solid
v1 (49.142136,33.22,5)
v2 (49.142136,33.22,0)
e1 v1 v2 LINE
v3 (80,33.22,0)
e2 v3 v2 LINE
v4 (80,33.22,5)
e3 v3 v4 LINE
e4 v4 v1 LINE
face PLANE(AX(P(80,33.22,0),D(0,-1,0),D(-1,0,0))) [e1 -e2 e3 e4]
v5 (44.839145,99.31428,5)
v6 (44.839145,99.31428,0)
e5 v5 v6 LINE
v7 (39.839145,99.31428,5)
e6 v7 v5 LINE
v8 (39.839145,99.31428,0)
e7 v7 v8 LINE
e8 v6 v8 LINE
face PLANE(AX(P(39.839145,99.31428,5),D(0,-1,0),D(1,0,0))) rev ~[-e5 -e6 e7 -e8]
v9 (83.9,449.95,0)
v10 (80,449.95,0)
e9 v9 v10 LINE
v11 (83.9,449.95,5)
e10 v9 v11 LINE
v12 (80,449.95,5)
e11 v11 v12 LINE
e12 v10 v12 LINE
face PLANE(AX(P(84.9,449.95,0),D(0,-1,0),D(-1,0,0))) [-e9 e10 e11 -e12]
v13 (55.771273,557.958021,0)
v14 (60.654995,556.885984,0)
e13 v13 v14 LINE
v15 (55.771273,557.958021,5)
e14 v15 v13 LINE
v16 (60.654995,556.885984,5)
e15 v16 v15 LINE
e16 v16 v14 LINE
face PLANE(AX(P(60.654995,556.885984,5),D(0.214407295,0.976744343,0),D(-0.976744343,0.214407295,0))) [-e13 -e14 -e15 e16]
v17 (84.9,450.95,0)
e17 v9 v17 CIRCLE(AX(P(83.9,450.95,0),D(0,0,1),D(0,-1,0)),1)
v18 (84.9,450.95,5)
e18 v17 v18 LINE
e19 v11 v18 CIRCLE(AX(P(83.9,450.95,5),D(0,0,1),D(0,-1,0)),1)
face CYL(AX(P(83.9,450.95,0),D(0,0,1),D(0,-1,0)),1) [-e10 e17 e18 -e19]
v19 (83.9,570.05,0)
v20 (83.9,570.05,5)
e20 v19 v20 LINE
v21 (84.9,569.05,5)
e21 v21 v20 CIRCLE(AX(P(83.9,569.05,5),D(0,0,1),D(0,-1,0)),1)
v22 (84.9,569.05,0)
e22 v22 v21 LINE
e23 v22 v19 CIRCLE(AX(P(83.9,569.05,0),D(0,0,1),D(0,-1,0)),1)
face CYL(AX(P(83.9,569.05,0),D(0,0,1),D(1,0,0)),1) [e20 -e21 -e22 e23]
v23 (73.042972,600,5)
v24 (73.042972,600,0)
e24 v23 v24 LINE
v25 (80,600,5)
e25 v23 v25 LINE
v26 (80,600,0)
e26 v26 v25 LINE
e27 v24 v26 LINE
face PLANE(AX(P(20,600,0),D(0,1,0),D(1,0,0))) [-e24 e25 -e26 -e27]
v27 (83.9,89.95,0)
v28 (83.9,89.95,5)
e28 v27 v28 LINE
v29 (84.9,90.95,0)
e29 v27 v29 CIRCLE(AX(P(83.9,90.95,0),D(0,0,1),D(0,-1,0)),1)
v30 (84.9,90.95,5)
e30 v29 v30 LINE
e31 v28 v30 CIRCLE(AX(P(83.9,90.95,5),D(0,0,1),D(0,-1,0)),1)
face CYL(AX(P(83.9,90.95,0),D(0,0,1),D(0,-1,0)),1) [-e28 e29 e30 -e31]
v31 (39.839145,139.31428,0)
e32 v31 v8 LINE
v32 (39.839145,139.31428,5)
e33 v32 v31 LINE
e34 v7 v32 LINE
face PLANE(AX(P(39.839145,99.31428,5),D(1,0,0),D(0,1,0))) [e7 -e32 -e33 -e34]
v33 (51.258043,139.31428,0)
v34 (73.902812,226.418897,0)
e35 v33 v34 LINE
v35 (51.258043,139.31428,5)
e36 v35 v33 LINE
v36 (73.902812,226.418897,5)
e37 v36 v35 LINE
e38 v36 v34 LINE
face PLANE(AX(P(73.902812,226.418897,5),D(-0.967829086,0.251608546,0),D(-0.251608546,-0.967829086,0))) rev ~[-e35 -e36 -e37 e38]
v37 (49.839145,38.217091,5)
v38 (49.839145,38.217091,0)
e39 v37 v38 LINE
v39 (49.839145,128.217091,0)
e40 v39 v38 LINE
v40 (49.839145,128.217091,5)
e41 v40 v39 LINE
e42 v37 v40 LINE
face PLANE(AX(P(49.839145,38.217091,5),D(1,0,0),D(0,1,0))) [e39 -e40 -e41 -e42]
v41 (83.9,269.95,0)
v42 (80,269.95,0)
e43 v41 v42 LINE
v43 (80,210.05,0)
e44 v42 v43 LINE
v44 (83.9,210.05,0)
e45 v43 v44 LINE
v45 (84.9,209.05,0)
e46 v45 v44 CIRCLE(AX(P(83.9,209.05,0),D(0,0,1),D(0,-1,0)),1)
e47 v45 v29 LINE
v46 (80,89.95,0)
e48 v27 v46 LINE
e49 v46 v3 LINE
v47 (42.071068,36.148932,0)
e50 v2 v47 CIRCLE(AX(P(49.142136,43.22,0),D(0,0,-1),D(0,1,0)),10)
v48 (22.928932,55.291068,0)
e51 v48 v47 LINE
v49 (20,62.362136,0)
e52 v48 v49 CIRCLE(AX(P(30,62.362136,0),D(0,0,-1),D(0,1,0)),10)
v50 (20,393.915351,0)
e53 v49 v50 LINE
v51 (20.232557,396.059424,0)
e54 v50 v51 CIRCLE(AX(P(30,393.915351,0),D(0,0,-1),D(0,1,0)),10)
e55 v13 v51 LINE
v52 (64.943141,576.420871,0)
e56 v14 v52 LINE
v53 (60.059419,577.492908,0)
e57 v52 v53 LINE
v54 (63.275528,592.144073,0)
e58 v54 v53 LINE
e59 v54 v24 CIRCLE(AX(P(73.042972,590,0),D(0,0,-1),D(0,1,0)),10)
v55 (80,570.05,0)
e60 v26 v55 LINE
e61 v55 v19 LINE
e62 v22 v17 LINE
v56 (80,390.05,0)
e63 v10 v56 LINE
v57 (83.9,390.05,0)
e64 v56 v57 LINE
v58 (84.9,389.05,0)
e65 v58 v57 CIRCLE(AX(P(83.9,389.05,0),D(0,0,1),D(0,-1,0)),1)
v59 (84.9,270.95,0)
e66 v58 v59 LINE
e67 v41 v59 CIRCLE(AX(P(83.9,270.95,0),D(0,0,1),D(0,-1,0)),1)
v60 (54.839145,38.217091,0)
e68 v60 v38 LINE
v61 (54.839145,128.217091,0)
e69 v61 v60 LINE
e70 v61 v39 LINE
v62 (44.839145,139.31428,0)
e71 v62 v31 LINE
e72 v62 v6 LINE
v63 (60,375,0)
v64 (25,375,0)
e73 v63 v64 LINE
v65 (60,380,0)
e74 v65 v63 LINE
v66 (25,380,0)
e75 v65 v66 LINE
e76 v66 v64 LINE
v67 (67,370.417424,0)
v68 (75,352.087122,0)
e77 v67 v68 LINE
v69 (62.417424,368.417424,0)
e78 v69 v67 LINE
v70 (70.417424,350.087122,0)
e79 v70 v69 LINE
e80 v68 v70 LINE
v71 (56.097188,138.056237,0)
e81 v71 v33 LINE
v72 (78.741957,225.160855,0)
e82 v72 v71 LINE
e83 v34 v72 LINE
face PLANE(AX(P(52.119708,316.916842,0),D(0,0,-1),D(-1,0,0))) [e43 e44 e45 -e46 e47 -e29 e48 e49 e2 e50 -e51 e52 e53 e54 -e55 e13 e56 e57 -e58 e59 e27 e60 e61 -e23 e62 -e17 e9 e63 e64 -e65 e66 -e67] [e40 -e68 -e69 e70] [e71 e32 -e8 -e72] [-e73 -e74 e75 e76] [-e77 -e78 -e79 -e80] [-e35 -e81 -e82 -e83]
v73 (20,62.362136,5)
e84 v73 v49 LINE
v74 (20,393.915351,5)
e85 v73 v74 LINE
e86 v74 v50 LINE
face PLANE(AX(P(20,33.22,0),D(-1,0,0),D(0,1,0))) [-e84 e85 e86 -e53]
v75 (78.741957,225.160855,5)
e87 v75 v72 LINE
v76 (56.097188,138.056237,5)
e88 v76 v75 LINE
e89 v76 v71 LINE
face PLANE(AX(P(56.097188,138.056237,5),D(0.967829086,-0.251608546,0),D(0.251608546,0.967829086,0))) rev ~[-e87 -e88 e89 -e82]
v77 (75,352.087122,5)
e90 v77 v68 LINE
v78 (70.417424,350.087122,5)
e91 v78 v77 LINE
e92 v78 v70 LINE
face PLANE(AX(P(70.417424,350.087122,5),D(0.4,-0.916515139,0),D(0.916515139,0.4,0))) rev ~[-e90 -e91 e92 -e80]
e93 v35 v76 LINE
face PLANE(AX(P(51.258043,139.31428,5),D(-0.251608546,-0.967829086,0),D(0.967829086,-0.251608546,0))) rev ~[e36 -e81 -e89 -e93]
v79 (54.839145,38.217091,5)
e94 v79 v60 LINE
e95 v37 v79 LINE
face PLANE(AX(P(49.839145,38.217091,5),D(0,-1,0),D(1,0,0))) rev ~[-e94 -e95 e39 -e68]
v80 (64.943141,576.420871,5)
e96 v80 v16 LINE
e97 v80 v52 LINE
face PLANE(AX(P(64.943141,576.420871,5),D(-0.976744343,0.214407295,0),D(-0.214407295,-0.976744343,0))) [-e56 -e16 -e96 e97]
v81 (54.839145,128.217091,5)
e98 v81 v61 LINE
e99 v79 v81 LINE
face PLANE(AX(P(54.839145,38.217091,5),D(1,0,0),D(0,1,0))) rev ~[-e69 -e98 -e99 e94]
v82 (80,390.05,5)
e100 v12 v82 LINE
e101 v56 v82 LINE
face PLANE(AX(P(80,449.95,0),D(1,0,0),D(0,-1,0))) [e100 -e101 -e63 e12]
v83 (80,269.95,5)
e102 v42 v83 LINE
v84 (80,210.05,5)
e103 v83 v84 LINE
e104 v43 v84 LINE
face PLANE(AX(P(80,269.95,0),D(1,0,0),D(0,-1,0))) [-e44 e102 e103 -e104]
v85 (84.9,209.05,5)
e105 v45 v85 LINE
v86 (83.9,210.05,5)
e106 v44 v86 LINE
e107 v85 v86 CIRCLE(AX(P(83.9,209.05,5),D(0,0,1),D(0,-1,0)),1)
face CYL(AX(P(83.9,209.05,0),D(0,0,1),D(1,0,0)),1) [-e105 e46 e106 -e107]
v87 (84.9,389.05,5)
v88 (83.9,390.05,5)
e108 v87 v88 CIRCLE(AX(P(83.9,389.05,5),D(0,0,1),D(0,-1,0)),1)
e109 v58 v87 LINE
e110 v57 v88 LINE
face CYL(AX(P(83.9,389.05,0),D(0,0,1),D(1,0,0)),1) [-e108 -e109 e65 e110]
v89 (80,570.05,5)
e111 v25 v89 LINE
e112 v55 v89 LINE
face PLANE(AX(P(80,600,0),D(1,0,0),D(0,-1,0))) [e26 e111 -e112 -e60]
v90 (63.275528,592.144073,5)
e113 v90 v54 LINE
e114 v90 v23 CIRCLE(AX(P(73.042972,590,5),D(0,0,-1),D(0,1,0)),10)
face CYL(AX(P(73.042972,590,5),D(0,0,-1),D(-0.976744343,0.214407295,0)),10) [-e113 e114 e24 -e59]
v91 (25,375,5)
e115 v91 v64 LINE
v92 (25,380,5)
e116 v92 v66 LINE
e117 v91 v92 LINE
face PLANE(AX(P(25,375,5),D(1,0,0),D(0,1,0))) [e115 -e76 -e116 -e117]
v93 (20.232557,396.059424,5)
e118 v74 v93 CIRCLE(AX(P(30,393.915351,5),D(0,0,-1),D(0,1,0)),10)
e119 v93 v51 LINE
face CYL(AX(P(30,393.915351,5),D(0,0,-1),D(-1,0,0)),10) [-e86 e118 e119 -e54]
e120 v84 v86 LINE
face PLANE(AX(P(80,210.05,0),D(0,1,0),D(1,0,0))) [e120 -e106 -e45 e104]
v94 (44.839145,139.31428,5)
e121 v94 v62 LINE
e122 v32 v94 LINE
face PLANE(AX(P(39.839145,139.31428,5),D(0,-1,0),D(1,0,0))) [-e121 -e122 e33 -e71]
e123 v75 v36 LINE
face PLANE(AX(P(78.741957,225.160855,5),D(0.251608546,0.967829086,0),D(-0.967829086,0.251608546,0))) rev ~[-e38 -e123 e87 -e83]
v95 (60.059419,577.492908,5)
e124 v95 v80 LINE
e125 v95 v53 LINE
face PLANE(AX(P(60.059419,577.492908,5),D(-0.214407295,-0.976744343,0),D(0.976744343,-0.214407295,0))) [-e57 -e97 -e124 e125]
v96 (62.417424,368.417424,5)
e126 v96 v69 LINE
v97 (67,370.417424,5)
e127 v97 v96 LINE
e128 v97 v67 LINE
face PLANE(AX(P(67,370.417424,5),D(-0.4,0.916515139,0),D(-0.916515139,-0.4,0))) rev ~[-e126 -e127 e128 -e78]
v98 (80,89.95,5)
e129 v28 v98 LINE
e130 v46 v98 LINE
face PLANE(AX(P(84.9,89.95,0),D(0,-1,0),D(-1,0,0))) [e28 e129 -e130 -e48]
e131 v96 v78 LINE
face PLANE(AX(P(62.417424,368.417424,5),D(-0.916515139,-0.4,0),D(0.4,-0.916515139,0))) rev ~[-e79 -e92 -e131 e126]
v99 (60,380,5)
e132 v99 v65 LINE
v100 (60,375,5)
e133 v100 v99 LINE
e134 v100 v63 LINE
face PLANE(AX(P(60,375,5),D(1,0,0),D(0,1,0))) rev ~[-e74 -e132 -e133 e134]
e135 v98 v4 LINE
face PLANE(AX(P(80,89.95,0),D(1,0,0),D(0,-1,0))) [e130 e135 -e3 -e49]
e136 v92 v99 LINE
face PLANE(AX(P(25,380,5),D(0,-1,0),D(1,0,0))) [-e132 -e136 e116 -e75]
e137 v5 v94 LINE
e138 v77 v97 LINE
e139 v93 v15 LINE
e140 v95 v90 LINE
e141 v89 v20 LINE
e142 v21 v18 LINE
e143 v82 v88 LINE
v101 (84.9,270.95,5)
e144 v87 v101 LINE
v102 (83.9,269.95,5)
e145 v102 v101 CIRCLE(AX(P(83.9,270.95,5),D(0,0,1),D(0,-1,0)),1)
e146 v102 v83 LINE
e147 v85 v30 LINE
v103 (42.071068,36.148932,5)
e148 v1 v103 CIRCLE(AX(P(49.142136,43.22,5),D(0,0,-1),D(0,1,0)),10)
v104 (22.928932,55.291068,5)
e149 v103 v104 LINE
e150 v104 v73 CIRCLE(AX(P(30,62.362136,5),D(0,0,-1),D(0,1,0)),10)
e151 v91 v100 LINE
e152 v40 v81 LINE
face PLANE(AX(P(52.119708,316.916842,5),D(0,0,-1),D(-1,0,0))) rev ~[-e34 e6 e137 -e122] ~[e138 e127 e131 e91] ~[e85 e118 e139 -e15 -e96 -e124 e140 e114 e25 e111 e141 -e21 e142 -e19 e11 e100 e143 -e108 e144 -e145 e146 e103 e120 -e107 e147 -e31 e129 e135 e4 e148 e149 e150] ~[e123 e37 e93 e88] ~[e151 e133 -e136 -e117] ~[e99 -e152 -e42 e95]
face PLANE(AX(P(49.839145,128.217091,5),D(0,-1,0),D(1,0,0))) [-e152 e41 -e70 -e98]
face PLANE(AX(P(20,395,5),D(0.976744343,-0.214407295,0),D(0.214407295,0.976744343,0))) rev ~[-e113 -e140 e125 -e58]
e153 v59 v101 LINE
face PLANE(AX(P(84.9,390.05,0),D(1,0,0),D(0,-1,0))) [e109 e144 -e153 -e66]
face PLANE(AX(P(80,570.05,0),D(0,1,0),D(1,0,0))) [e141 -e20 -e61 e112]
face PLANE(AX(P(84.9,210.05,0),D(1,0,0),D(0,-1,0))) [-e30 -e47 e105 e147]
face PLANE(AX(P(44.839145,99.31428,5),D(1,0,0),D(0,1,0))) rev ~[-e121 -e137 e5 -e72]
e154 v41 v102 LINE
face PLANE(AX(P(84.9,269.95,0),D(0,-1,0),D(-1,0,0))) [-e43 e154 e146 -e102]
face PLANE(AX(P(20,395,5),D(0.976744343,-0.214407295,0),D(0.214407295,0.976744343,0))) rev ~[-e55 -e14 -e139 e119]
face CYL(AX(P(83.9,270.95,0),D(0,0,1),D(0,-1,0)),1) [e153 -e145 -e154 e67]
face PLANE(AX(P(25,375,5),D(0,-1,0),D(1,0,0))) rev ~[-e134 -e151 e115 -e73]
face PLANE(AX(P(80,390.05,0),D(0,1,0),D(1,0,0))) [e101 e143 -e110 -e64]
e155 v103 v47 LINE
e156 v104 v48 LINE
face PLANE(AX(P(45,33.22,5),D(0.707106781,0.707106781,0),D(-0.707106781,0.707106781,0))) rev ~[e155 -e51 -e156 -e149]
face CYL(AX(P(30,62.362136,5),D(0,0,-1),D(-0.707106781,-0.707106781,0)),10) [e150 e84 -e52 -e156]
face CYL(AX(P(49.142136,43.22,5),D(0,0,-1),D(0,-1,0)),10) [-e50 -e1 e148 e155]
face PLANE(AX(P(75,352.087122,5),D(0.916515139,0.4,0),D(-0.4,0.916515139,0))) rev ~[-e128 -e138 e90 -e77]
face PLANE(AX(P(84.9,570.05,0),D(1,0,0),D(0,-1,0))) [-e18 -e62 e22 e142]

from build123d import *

# Parameters (mm, degrees)
BOSS_EXTRUDE1_DEPTH = 5
SKETCH2_W           = 5
SKETCH2_H           = 90
SKETCH2_H_2         = 40
SKETCH2_W_2         = 35
SKETCH2_H_3         = 5
CUT_EXTRUDE1_DEPTH  = 10
CUT_EXTRUDE2_DEPTH  = 10
FILLET1_R           = 1
FILLET2_R           = 10
CUT_EXTRUDE3_DEPTH  = 10


with BuildPart() as part:
    # Sketch1 → Boss-Extrude1 (new body)
    with BuildSketch(Plane.XY):
        Polygon((80, 33.22), (20, 33.22), (20, 600), (80, 600), (80, 570.05), (84.9, 570.05), (84.9, 449.95), (80, 449.95), (80, 390.05), (84.9, 390.05), (84.9, 269.95), (80, 269.95), (80, 210.05), (84.9, 210.05), (84.9, 89.95), (80, 89.95), align=None)
    extrude(amount=BOSS_EXTRUDE1_DEPTH)

    # Sketch2 → Cut-Extrude1 (cut)
    with BuildSketch(Plane.XY.offset(5)):
        Polygon((67, 370.417424305), (62.417424305, 368.417424305), (70.417424305, 350.087121525), (75, 352.087121525), align=None)
        Polygon((73.902811841, 226.418897298), (51.258042728, 139.314279557), (56.097188159, 138.056236829), (78.741957272, 225.16085457), align=None)
        with Locations((52.33914543, 83.217091399)):
            Rectangle(SKETCH2_W, SKETCH2_H)
        with Locations((42.33914543, 119.314279557)):
            Rectangle(SKETCH2_W, SKETCH2_H_2)
        with Locations((42.5, 377.5)):
            Rectangle(SKETCH2_W_2, SKETCH2_H_3)
    extrude(amount=-CUT_EXTRUDE1_DEPTH, mode=Mode.SUBTRACT)

    # Sketch3 → Cut-Extrude2 (cut)
    with BuildSketch(Plane.XY.offset(5)):
        Polygon((20, 395), (65, 600), (1.513631165, 616.08755832), align=None)
        Polygon((45, 33.22), (20, 58.22), (13.452472792, 20.556075169), align=None)
    extrude(amount=-CUT_EXTRUDE2_DEPTH, mode=Mode.SUBTRACT)

    # Fillet1
    fillet1_edges = [part.edges().sort_by_distance(p)[0] for p in [
        (84.9, 570.05, 2.5),
        (84.9, 449.95, 2.5),
        (84.9, 390.05, 2.5),
        (84.9, 269.95, 2.5),
        (84.9, 210.05, 2.5),
        (84.9, 89.95, 2.5),
    ]]
    fillet(fillet1_edges, radius=FILLET1_R)

    # Fillet2
    fillet2_edges = [part.edges().sort_by_distance(p)[0] for p in [
        (20, 395, 2.5),
        (65, 600, 2.5),
        (45, 33.22, 2.5),
        (20, 58.22, 2.5),
    ]]
    fillet(fillet2_edges, radius=FILLET2_R)

    # Sketch4 → Cut-Extrude3 (cut)
    with BuildSketch(Plane.XY.offset(5)):
        Polygon((60.059418786, 577.492907801), (64.943140501, 576.420871327), (60.654994605, 556.885984463), (55.771272889, 557.958020937), align=None)
    extrude(amount=-CUT_EXTRUDE3_DEPTH, mode=Mode.SUBTRACT)


solid = part.part
